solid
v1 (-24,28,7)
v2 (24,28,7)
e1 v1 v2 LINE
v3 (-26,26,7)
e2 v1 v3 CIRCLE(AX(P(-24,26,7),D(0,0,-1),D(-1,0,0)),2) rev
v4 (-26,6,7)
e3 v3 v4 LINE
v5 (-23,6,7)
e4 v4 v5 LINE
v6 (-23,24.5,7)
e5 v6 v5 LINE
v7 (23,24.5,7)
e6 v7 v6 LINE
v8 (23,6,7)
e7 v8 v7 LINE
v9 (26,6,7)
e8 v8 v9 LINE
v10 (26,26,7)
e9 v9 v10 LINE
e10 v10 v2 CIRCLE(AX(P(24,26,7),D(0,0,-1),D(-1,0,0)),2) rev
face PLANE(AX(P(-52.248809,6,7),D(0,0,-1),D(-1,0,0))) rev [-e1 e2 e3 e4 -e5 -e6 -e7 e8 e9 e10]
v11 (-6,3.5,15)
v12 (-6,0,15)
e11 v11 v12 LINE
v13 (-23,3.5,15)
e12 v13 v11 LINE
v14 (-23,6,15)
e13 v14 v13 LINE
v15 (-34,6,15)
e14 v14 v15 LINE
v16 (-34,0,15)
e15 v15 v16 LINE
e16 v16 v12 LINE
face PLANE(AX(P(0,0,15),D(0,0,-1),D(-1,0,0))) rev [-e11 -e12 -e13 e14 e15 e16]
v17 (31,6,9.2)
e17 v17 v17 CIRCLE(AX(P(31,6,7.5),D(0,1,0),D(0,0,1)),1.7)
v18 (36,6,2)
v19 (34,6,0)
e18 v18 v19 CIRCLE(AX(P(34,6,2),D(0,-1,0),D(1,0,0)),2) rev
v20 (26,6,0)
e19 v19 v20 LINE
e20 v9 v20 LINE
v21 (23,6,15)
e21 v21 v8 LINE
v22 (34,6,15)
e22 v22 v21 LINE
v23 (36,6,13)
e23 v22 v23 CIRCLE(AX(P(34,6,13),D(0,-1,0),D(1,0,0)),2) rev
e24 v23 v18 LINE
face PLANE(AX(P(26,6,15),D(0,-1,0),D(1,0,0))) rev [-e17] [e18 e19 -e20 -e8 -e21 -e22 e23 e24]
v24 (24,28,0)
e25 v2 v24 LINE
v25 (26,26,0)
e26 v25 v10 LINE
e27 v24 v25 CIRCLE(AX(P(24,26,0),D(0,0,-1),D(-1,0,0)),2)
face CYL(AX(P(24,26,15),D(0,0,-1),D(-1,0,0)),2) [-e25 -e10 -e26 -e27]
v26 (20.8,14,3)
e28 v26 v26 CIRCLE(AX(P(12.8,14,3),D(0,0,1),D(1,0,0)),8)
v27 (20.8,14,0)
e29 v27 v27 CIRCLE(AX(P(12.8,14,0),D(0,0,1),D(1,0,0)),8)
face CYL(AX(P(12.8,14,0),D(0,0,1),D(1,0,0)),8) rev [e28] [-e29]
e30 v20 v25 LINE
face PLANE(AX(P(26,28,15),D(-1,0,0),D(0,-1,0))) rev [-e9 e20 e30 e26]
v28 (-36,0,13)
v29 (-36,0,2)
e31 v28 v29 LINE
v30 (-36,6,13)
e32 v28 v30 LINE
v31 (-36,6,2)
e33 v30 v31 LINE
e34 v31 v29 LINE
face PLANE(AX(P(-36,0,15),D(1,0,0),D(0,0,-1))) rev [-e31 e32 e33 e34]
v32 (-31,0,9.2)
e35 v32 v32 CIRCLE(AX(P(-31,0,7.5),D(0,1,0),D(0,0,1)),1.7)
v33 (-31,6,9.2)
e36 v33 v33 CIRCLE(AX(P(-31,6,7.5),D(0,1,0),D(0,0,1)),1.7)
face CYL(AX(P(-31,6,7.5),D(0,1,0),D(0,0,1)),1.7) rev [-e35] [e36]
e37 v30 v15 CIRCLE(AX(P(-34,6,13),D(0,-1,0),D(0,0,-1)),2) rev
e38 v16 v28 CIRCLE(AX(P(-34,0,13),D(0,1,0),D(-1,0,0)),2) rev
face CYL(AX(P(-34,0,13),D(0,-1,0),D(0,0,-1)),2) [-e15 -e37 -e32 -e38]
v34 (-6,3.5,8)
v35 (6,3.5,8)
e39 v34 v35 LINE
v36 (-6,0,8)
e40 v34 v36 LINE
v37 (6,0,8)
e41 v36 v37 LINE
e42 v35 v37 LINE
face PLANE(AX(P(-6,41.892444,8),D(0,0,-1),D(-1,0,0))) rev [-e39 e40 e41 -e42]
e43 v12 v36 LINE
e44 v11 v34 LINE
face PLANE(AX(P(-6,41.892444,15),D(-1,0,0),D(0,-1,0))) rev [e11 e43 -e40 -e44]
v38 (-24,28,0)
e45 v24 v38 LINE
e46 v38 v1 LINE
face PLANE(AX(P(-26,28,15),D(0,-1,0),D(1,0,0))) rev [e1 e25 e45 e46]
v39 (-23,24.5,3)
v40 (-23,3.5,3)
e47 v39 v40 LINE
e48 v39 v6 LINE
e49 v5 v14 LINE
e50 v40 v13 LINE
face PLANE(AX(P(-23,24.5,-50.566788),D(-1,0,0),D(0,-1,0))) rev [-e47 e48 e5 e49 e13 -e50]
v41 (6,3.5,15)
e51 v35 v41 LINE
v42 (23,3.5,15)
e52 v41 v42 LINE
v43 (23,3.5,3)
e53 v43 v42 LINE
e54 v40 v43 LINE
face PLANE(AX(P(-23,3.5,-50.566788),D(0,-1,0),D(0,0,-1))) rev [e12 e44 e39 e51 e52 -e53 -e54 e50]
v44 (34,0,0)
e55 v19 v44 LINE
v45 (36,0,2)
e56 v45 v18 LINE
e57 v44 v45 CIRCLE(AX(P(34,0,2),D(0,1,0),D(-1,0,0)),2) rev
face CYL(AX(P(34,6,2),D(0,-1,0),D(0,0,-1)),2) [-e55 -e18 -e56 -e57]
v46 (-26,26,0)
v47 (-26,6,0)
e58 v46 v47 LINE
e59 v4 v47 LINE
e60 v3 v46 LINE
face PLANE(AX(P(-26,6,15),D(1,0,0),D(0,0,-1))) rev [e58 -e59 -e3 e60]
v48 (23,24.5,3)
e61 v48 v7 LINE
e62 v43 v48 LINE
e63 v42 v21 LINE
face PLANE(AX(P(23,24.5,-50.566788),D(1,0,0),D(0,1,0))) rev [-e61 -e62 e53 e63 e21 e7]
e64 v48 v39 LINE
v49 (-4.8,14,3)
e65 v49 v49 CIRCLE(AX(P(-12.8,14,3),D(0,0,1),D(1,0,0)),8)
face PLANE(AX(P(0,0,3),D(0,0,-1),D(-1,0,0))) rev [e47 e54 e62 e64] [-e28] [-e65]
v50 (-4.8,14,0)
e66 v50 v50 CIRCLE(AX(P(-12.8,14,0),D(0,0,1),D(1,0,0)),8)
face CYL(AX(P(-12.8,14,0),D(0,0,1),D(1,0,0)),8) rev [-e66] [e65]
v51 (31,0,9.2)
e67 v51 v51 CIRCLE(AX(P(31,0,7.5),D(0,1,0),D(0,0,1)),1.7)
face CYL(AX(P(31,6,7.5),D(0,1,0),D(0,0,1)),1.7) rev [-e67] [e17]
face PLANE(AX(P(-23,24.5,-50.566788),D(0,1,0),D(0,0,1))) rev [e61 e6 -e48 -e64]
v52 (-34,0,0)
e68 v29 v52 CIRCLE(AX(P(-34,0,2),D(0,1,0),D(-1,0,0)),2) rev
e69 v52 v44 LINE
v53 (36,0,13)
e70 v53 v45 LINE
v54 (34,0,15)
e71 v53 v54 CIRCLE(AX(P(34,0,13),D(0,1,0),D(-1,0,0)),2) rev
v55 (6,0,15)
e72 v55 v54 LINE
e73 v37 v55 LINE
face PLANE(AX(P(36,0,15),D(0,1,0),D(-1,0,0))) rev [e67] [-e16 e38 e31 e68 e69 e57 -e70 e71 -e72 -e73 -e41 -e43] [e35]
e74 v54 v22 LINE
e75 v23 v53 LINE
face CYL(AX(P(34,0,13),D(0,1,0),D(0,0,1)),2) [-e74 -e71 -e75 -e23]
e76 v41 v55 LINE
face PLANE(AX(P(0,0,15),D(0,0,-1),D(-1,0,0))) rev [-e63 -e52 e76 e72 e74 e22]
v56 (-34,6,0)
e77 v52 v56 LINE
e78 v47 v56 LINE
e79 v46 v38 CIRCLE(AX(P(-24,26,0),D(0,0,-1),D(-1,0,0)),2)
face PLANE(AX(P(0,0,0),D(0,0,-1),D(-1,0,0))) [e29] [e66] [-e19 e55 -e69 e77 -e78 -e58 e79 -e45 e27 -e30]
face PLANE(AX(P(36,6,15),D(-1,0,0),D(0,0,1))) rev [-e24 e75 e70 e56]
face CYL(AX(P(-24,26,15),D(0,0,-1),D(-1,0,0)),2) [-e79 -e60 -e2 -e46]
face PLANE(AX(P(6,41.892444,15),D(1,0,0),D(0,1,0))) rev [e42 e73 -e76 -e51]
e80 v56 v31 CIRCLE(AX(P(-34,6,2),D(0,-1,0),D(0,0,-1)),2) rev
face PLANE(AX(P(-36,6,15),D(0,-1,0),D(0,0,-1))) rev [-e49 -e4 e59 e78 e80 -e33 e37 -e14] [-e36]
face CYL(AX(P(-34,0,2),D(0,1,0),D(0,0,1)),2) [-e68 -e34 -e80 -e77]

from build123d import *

# Parameters (mm, degrees)
BOSS_EXTRU_1_DEPTH      = 15
ESQUISSE2_W             = 46
ESQUISSE2_H             = 21
ENL_V_MAT_EXTRU_1_DEPTH = 12
ESQUISSE4_R             = 8
ENL_V_MAT_EXTRU_2_DEPTH = 3
ENL_V_MAT_EXTRU_3_REACH = 50.01
ESQUISSE5_W             = 12
ESQUISSE5_H             = 7
CONG_1_R                = 2
D_GAGEMENT_M31_D        = 3.4
ENL_V_MAT_EXTRU_4_REACH = 71.663
ESQUISSE10_W            = 8
ESQUISSE10_H            = 25


with BuildPart() as part:
    # Esquisse1 → Boss.-Extru.1 (new body)
    with BuildSketch(Plane.XY):
        Polygon((36, 0), (-36, 0), (-36, 6), (-26, 6), (-26, 28), (26, 28), (26, 6), (36, 6), align=None)
    extrude(amount=BOSS_EXTRU_1_DEPTH)

    # Esquisse2 → Enlèv. mat.-Extru.1 (cut)
    with BuildSketch(Plane.XY.offset(15)):
        with Locations((0, 14)):
            Rectangle(ESQUISSE2_W, ESQUISSE2_H)
    extrude(amount=-ENL_V_MAT_EXTRU_1_DEPTH, mode=Mode.SUBTRACT)

    # Esquisse4 → Enlèv. mat.-Extru.2 (cut)
    with BuildSketch(Plane.XY.offset(3)):
        with Locations((-12.8, 14)):
            Circle(ESQUISSE4_R)
        with Locations((12.8, 14)):
            Circle(ESQUISSE4_R)
    extrude(amount=-ENL_V_MAT_EXTRU_2_DEPTH, mode=Mode.SUBTRACT)

    # Enlèv. mat.-Extru.3: up to this face of the body (flat: up to its plane)
    enl_v_mat_extru_3_end = Plane(part.part.faces().sort_by_distance((0, 28, 7.5))[0])
    # Esquisse5 → Enlèv. mat.-Extru.3 (cut, up to the picked face)
    with BuildSketch(Plane.XZ, mode=Mode.PRIVATE) as enl_v_mat_extru_3_sk1:
        with Locations((0, 11.5)):
            Rectangle(ESQUISSE5_W, ESQUISSE5_H)
    enl_v_mat_extru_3_tool1 = split(extrude(enl_v_mat_extru_3_sk1.sketch, amount=-ENL_V_MAT_EXTRU_3_REACH, mode=Mode.PRIVATE), bisect_by=enl_v_mat_extru_3_end, keep=Keep.BOTH, mode=Mode.PRIVATE)
    add(enl_v_mat_extru_3_tool1.solids().sort_by(Axis((0, 0, 11.5), (0, 1, 0)))[0], mode=Mode.SUBTRACT)

    # Congé1
    cong_1_edges = [part.edges().sort_by_distance(p)[0] for p in [
        (36, 3, 0),
        (-36, 3, 0),
        (36, 3, 15),
        (-26, 28, 7.5),
        (26, 28, 7.5),
        (-36, 3, 15),
    ]]
    fillet(cong_1_edges, radius=CONG_1_R)

    # Dégagement M31 (through all)
    with Locations(Plane(origin=(0, 6, 0), x_dir=(1, 0, 0), z_dir=(0, 1, 0))):
        with Locations((-31, -7.5), (31, -7.5)):
            Hole(D_GAGEMENT_M31_D / 2)

    # Enlèv. mat.-Extru.4: up to this face of the body (flat: up to its plane)
    enl_v_mat_extru_4_end = Plane(part.part.faces().sort_by_distance((-26, 16, 7.5))[0])
    # Esquisse10 → Enlèv. mat.-Extru.4 (cut, up to the picked face)
    with BuildSketch(Plane(origin=(26, 0, 0), x_dir=(0, 0, -1), z_dir=(1, 0, 0)), mode=Mode.PRIVATE) as enl_v_mat_extru_4_sk1:
        with Locations((-11, 18.5)):
            Rectangle(ESQUISSE10_W, ESQUISSE10_H)
    enl_v_mat_extru_4_tool1 = split(extrude(enl_v_mat_extru_4_sk1.sketch, amount=-ENL_V_MAT_EXTRU_4_REACH, mode=Mode.PRIVATE), bisect_by=enl_v_mat_extru_4_end, keep=Keep.BOTH, mode=Mode.PRIVATE)
    add(enl_v_mat_extru_4_tool1.solids().sort_by(Axis((26, 18.5, 11), (-1, 0, 0)))[0], mode=Mode.SUBTRACT)


solid = part.part
